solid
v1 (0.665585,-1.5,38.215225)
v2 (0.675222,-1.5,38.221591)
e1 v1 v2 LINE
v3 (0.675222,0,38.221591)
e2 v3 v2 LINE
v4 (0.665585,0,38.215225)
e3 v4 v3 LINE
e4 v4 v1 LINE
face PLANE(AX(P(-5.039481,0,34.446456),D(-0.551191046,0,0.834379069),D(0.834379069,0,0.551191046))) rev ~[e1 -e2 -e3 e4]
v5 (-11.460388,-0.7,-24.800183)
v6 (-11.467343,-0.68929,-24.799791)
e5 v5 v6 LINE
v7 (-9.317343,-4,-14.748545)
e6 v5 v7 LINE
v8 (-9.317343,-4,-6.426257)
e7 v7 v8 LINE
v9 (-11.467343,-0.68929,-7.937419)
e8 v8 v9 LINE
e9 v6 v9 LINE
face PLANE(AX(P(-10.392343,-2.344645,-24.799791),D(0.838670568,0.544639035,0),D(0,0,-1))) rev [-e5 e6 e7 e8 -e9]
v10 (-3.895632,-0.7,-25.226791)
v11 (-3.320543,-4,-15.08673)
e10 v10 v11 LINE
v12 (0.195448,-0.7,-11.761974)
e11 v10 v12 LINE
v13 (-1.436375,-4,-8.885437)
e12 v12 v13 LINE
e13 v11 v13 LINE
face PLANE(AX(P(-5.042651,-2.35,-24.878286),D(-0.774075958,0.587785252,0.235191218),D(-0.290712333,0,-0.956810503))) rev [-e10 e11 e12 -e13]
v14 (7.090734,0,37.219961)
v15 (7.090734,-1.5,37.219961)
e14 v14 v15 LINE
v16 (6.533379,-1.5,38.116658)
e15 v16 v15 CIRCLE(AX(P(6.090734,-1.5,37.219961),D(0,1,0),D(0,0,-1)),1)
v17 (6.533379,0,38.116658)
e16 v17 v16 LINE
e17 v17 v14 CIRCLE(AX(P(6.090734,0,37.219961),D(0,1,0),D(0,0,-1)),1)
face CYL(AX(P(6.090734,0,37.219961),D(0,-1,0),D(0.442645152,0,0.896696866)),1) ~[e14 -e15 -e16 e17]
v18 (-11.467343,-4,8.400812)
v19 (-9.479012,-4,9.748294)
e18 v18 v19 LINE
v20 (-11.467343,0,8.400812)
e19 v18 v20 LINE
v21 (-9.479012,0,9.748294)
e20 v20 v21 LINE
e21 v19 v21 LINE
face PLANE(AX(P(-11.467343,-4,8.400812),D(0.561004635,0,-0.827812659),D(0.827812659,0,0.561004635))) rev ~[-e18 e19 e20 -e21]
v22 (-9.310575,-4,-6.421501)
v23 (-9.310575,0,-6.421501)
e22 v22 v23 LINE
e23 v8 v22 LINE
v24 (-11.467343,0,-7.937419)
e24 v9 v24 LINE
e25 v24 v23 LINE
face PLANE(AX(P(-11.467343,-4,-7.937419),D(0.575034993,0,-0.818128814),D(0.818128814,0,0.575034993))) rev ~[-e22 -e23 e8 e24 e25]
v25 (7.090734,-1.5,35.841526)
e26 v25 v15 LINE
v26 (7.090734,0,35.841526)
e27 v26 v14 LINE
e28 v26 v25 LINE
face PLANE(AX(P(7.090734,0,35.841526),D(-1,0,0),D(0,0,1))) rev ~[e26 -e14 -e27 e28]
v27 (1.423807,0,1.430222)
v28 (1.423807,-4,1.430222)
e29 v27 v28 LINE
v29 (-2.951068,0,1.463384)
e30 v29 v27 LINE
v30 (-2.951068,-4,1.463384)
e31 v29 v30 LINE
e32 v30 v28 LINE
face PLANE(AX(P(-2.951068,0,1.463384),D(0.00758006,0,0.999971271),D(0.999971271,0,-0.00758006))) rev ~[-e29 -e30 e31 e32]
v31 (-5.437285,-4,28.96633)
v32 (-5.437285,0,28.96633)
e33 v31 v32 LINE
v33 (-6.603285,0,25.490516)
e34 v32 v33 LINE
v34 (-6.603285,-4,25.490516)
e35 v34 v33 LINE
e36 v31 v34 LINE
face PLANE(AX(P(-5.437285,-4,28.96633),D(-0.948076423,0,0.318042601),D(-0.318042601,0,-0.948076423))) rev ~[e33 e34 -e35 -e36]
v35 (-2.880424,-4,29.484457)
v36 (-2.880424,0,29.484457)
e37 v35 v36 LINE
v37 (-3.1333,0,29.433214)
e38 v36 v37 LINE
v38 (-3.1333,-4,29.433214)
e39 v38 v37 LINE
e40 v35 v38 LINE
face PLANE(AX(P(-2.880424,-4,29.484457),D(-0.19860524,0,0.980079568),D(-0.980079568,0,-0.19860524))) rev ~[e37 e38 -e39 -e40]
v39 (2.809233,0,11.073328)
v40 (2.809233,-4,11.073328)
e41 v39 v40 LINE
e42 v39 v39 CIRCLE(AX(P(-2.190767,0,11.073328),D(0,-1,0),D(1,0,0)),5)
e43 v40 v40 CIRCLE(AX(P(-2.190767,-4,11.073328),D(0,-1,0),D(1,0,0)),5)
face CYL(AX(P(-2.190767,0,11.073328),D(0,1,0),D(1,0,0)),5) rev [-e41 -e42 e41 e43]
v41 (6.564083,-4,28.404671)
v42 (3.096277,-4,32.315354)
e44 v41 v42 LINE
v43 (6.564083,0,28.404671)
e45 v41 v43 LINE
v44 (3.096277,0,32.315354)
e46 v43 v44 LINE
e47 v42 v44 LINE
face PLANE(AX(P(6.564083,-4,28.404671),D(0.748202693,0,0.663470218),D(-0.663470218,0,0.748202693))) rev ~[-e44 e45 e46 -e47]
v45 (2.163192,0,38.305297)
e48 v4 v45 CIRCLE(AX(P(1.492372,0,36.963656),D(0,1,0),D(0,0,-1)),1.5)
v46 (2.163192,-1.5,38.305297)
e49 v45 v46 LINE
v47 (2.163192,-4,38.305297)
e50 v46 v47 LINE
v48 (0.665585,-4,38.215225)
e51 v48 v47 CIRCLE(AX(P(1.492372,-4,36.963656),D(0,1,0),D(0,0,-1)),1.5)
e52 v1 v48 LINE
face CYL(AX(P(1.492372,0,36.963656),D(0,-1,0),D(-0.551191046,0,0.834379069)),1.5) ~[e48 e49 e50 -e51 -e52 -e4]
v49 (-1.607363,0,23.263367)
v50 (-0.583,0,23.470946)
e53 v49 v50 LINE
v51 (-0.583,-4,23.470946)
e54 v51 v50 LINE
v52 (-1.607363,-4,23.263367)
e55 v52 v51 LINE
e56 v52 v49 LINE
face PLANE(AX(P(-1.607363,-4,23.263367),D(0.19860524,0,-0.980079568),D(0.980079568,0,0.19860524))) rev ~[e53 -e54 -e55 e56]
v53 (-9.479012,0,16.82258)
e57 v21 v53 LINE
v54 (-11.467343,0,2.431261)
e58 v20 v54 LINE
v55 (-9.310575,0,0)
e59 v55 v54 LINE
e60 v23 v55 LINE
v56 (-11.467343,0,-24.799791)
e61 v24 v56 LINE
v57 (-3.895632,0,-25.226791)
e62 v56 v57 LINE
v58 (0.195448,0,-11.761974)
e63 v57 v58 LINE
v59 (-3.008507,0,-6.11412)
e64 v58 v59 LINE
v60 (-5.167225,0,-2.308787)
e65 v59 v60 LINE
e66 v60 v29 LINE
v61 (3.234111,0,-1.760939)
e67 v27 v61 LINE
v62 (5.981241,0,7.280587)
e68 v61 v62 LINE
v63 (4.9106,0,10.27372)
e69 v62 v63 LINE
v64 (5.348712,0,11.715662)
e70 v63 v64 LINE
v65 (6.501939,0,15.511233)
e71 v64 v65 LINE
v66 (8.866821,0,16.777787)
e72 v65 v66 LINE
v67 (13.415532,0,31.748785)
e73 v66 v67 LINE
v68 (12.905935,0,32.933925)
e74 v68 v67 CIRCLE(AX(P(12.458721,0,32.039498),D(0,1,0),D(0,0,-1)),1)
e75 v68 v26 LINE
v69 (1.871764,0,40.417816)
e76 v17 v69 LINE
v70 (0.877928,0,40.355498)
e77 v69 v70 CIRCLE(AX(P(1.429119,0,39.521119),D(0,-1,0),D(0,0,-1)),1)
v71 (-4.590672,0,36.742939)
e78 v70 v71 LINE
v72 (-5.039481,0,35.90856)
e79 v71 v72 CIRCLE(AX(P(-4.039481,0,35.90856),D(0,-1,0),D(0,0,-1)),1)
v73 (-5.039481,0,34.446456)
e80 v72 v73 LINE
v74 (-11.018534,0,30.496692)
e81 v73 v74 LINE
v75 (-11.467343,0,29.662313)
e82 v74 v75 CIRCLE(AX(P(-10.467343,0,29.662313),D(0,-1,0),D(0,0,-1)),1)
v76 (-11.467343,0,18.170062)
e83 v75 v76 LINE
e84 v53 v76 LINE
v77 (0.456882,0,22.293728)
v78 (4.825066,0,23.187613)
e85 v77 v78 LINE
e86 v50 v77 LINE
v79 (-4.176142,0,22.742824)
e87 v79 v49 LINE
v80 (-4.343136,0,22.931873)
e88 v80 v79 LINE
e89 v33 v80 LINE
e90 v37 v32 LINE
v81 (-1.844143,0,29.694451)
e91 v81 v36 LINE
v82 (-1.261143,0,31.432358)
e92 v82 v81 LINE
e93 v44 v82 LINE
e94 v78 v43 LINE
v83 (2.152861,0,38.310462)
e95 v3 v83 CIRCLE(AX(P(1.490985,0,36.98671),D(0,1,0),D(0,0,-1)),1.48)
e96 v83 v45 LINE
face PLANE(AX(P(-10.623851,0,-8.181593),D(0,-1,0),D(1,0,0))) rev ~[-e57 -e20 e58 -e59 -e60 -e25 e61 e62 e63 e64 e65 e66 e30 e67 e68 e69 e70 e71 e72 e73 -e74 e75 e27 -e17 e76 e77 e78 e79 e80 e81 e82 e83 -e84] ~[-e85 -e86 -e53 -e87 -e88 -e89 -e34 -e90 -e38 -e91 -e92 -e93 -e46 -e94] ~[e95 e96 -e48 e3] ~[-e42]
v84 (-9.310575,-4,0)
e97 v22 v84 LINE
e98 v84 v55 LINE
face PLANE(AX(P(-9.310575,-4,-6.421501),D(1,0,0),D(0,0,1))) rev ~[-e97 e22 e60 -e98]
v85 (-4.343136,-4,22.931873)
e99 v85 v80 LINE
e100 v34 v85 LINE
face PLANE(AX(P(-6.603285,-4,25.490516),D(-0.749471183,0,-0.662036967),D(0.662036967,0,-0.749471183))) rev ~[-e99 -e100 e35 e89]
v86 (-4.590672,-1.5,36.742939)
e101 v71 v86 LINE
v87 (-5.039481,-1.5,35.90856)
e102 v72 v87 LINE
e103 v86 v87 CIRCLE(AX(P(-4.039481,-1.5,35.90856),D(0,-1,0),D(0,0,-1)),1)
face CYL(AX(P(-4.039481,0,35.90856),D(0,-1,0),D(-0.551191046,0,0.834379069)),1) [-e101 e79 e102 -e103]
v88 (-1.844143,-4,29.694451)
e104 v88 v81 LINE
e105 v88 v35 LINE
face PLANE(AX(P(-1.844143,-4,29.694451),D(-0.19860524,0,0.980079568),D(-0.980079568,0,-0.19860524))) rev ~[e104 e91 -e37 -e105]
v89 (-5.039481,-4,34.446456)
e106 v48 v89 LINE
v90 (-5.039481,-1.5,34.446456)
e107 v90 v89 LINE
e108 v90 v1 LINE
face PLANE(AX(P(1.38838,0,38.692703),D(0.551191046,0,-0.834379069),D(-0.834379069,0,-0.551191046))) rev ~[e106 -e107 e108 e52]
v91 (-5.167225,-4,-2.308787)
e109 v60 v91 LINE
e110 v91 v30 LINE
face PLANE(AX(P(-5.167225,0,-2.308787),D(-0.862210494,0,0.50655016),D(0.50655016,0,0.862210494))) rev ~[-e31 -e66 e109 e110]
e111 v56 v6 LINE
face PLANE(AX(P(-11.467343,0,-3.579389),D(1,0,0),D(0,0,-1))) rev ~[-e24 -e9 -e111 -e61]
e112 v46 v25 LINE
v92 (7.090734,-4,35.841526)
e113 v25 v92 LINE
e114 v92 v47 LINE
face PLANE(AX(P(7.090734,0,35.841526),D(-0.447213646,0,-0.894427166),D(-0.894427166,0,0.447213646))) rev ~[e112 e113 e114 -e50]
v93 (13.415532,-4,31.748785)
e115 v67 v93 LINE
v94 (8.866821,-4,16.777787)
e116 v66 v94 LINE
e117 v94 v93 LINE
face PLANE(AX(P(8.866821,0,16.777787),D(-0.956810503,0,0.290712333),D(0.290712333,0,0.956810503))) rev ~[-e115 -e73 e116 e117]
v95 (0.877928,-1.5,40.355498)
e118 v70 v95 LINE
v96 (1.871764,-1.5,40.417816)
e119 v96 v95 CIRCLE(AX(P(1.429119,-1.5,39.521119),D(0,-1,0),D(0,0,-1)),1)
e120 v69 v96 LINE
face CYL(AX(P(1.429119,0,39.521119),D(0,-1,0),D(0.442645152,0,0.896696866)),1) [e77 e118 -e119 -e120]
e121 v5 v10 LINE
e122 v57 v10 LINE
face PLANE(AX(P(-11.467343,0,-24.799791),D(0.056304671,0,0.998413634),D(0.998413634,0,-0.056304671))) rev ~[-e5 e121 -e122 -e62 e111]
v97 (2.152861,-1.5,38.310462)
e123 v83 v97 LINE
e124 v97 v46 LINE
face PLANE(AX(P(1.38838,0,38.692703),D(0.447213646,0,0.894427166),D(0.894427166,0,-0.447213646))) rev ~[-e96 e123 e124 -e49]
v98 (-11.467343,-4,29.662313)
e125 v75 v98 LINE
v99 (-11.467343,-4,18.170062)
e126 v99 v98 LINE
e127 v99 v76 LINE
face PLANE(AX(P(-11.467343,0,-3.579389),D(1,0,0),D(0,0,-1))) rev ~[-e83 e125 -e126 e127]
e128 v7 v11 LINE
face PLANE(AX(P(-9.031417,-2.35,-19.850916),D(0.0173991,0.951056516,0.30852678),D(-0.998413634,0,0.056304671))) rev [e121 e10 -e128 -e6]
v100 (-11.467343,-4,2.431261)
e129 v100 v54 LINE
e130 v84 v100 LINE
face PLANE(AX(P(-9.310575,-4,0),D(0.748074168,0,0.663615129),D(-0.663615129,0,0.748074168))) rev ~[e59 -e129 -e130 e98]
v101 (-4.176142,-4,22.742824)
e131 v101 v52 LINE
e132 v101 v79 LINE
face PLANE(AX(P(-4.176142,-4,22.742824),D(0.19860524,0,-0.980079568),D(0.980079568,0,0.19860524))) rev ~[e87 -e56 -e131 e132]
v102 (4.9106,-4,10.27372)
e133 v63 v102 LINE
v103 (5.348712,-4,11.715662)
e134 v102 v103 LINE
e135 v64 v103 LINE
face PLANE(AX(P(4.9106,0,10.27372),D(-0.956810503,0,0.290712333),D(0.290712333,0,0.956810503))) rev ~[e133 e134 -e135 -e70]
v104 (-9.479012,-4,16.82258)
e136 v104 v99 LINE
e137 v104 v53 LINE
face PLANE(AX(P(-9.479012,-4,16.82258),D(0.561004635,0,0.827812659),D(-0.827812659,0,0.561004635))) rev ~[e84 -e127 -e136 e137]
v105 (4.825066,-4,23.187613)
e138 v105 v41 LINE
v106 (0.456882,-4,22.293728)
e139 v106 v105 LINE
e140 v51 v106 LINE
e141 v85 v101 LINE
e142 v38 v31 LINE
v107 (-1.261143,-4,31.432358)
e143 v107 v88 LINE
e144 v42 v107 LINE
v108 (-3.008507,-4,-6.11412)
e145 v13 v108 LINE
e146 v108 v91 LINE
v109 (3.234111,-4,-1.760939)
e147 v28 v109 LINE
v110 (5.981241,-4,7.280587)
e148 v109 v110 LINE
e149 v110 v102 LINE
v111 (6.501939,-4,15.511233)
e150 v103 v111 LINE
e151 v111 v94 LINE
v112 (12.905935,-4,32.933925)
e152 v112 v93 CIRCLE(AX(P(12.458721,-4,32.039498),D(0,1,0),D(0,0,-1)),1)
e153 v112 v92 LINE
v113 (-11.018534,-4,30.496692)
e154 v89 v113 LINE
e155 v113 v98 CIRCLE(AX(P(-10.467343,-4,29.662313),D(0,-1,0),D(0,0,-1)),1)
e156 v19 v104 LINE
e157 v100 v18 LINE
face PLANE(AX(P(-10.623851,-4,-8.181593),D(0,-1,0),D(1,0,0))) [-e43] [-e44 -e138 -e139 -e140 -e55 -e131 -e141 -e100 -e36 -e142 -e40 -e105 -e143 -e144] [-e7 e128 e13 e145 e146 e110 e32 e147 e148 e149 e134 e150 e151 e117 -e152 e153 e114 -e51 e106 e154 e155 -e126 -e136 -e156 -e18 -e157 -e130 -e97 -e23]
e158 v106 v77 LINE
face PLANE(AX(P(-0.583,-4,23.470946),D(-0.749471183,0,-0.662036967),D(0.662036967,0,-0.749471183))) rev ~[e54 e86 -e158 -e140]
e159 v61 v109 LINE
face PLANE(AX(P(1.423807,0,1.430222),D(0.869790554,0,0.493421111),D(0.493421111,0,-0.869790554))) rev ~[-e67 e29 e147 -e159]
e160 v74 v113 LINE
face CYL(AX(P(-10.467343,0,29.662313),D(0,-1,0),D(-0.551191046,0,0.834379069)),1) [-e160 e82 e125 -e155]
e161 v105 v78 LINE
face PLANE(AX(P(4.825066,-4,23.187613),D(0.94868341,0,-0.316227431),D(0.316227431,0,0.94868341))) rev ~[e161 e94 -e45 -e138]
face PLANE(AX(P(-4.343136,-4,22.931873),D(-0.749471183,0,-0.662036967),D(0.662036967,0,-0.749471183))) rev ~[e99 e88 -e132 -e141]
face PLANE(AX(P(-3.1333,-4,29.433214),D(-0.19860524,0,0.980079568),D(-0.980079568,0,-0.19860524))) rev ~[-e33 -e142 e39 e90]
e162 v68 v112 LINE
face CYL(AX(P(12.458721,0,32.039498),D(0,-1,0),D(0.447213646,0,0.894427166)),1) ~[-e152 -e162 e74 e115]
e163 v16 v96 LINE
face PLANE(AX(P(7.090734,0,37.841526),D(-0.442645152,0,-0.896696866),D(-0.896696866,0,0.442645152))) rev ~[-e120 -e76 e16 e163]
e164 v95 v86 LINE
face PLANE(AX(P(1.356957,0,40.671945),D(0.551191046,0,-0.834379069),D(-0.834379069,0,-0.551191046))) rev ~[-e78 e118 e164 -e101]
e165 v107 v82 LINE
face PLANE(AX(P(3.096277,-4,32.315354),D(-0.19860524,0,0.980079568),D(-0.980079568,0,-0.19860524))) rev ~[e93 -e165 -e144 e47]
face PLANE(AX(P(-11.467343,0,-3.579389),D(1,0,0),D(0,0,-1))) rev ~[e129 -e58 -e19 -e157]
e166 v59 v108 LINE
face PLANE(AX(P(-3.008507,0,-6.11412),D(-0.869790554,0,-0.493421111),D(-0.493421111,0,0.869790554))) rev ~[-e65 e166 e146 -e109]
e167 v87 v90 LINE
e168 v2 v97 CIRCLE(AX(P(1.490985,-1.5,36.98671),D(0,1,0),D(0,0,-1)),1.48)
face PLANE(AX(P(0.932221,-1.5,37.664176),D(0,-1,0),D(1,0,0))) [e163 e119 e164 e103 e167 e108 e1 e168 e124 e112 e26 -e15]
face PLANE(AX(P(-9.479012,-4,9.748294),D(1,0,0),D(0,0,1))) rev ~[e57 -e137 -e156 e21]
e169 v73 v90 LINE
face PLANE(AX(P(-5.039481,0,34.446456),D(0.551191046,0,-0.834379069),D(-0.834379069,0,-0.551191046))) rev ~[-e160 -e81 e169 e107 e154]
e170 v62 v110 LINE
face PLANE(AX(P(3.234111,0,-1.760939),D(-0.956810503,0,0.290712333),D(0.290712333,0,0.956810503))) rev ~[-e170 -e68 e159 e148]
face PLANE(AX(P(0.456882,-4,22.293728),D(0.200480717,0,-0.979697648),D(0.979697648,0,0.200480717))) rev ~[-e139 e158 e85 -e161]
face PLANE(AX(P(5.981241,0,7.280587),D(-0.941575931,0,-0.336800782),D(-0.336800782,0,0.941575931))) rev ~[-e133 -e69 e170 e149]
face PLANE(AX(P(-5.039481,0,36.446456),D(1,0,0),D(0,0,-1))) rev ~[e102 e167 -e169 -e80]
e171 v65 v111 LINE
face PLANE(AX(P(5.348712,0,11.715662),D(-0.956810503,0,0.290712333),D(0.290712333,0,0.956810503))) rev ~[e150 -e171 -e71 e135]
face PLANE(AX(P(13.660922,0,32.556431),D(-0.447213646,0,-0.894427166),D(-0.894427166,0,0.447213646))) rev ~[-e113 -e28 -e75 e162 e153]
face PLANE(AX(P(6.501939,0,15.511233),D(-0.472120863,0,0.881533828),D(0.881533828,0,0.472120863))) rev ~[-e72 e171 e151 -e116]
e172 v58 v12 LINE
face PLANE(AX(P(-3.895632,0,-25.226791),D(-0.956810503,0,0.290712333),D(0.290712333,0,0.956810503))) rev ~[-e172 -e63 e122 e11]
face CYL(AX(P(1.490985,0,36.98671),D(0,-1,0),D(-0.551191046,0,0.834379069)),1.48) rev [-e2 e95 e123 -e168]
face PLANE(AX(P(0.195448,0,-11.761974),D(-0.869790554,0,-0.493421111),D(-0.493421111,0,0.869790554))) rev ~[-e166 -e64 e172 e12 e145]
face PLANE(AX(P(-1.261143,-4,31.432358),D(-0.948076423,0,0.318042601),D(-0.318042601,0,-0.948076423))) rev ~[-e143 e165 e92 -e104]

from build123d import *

# Parameters (mm, degrees)
F0_R      = 5
F1_DEPTH  = 4
F3_R      = 1
F4_R      = 1.5
F5_DEPTH  = 1.5
F6_R      = 1.48
F7_R      = 1
F8_R      = 1
F9_DEPTH  = 4
F10_DEPTH = 4
F12_DEPTH = 25
F13_DEPTH = 25
F14_DEPTH = 25
F15_DEPTH = 25
F16_DEPTH = 25
F17_DEPTH = 25
F18_DEPTH = 25
F19_DEPTH = 25
F20_DEPTH = 25
F21_DEPTH = 25
F22_SIZE2 = 3.3107096722
F22_SIZE  = 2.15
F23_SIZE2 = 2.3975903424
F23_SIZE  = 3.3
F24_SIZE2 = 10.1563556727
F24_SIZE  = 3.3


with BuildPart() as f1:
    # F0 (on Front) → F1 (new body)
    with BuildSketch(Plane.XZ):
        Polygon((-5.0394813192, 34.4464560161), (-11.4673425455, 30.2002090896), (-11.4673425455, 14.3180689151), (-9.5205468137, 12.9544524784), (-9.5205468137, 5.9659214999), (-11.4673425455, 4.6023059945), (-11.4673425455, -3.5793893662), (-9.5205468137, -4.943005803), (-9.5205468137, -11.4201806177), (-11.4673425455, -12.7837961231), (-11.4673425455, -24.7997909104), (-3.8956315734, -25.2267909859), (0.1954483631, -11.7619743544), (-3.008507374, -6.1141202787), (-5.1672247355, -2.308786607), (-2.9510677868, 1.4633843035), (1.4238065236, 1.4302215424), (3.2341110933, -1.7609386613), (5.9812411675, 7.2805866294), (4.9106002387, 10.2737202031), (5.3487122304, 11.715661628), (6.5019388672, 15.5112328316), (8.8668211656, 16.7777869175), (13.660922366, 32.55643084), (7.090733743, 35.8415256189), (1.388379907, 38.6927029426), align=None)
        with Locations((-2.1907666232, 11.0733276233)):
            Circle(F0_R, mode=Mode.SUBTRACT)
    extrude(amount=F1_DEPTH)

    # F3
    f3_edges = [f1.edges().sort_by_distance(p)[0] for p in [
        (-11.467343, -2, 30.200209),
        (13.660922, -2, 32.556431),
    ]]
    fillet(f3_edges, radius=F3_R)

    # F4
    f4_edges = [f1.edges().sort_by_distance(p)[0] for p in [
        (1.38838, -2, 38.692703),
    ]]
    fillet(f4_edges, radius=F4_R)

    # F0 (on Front) → F5 (join)
    with BuildSketch(Plane.XZ):
        Polygon((-5.0394813192, 36.4464560161), (-5.0394813192, 34.4464560161), (1.388379907, 38.6927029426), (7.090733743, 35.8415256189), (7.090733743, 37.8415256189), (1.3569573109, 40.6719451668), align=None)
    extrude(amount=F5_DEPTH)

    # F6
    f6_edges = [f1.edges().sort_by_distance(p)[0] for p in [
        (1.38838, -0.75, 38.692703),
    ]]
    fillet(f6_edges, radius=F6_R)

    # F7
    f7_edges = [f1.edges().sort_by_distance(p)[0] for p in [
        (1.356957, -0.75, 40.671945),
    ]]
    fillet(f7_edges, radius=F7_R)

    # F8
    f8_edges = [f1.edges().sort_by_distance(p)[0] for p in [
        (7.090734, -0.75, 37.841526),
        (-5.039481, -0.75, 36.446456),
    ]]
    fillet(f8_edges, radius=F8_R)

    # F0 (on Front) → F9 (join)
    with BuildSketch(Plane.XZ):
        Polygon((-9.5205468137, 12.9544524784), (-11.4673425455, 14.3180689151), (-11.4673425455, 4.6023059945), (-9.5205468137, 5.9659214999), align=None)
    extrude(amount=F9_DEPTH)

    # F0 (on Front) → F10 (join)
    with BuildSketch(Plane.XZ):
        Polygon((-9.5205468137, -4.943005803), (-11.4673425455, -3.5793893662), (-11.4673425455, -12.7837961231), (-9.5205468137, -11.4201806177), align=None)
    extrude(amount=F10_DEPTH)

    # F11 (on face) → F12 (cut)
    with BuildSketch(Plane.XZ.offset(4)):
        Polygon((-11.4673425455, 18.1700624526), (-11.4673425455, 8.4008118138), (-9.4790116895, 9.7482940182), (-9.4790116895, 16.8225802481), align=None)
    extrude(amount=-F12_DEPTH, mode=Mode.SUBTRACT)

    # F11 (on face) → F13 (cut)
    with BuildSketch(Plane.XZ.offset(4)):
        Polygon((-11.4673425455, 2.4312612155), (-11.4673425455, -7.9374192283), (-9.3105754826, -6.4215008169), (-9.3105754826, 0), align=None)
    extrude(amount=-F13_DEPTH, mode=Mode.SUBTRACT)

    # F2 (on face) → F14 (cut)
    with BuildSketch(Plane.XZ.offset(4)):
        Polygon((4.8250659445, 23.1876130557), (6.5640832201, 28.4046710308), (3.0962773256, 32.3153540431), (-1.2611432737, 31.4323578126), (-1.8441430637, 29.694451147), (0.58299979, 26.9467592245), (-0.58299979, 23.4709458933), (0.456882035, 22.2937284557), align=None)
    extrude(amount=-F14_DEPTH, mode=Mode.SUBTRACT)

    # F2 (on face) → F15 (cut)
    with BuildSketch(Plane.XZ.offset(4)):
        Polygon((-4.3431362726, 22.9318731841), (-1.7787461332, 23.4566379151), (-4.2111435343, 26.1996793323), (-3.1332999575, 29.4332138733), (-5.4372854972, 28.9663297384), (-6.6032850771, 25.4905164073), align=None)
    extrude(amount=-F15_DEPTH, mode=Mode.SUBTRACT)

    # F2 (on face) → F16 (cut)
    with BuildSketch(Plane.XZ.offset(4)):
        Polygon((-3.0101426436, 26.2186378159), (-1.4476834802, 24.4498270447), (-0.6194012828, 26.9346765651), (-2.1796810883, 28.6942213364), align=None)
    extrude(amount=-F16_DEPTH, mode=Mode.SUBTRACT)

    # F2 (on face) → F17 (cut)
    with BuildSketch(Plane.XZ.offset(4)):
        Polygon((-1.7787461332, 23.4566379151), (-1.4476834802, 24.4498270447), (-3.0101426436, 26.2186378159), (-2.1796810883, 28.6942213364), (-2.8804242206, 29.4844571071), (-3.1332999575, 29.4332138733), (-4.2111435343, 26.1996793323), align=None)
    extrude(amount=-F17_DEPTH, mode=Mode.SUBTRACT)

    # F2 (on face) → F18 (cut)
    with BuildSketch(Plane.XZ.offset(4)):
        Polygon((-1.4476834802, 24.4498270447), (-0.58299979, 23.4709458933), (0.58299979, 26.9467592245), (-1.8441430637, 29.694451147), (-2.1796810883, 28.6942213364), (-0.6194012828, 26.9346765651), align=None)
    extrude(amount=-F18_DEPTH, mode=Mode.SUBTRACT)

    # F2 (on face) → F19 (cut)
    with BuildSketch(Plane.XZ.offset(4)):
        Polygon((-2.1796810883, 28.6942213364), (-1.8441430637, 29.694451147), (-2.8804242206, 29.4844571071), align=None)
    extrude(amount=-F19_DEPTH, mode=Mode.SUBTRACT)

    # F2 (on face) → F20 (cut)
    with BuildSketch(Plane.XZ.offset(4)):
        Polygon((-1.6073627495, 23.2633669802), (-0.58299979, 23.4709458933), (-1.4476834802, 24.4498270447), (-1.7787461332, 23.4566379151), align=None)
    extrude(amount=-F20_DEPTH, mode=Mode.SUBTRACT)

    # F2 (on face) → F21 (cut)
    with BuildSketch(Plane.XZ.offset(4)):
        Polygon((-4.1761422235, 22.7428244847), (-1.6073627495, 23.2633669802), (-1.7787461332, 23.4566379151), (-4.3431362726, 22.9318731841), align=None)
    extrude(amount=-F21_DEPTH, mode=Mode.SUBTRACT)

    # F22
    f22_edges = [f1.edges().sort_by_distance(p)[0] for p in [
        (-11.467343, -4, -16.368605),
    ]]
    chamfer(f22_edges, length=F22_SIZE, length2=F22_SIZE2)

    # F23
    f23_edges = [f1.edges().sort_by_distance(p)[0] for p in [
        (-1.850092, -4, -18.494383),
    ]]
    f23_side = f1.faces().sort_by_distance((-1.850092, -2, -18.494383))[0]
    chamfer(f23_edges, length=F23_SIZE, length2=F23_SIZE2, reference=f23_side)

    # F24
    f24_edges = [f1.edges().sort_by_distance(p)[0] for p in [
        (-7.838288, -4, -25.004448),
    ]]
    f24_side = f1.faces().sort_by_distance((-7.731254, -1.697794, -25.010484))[0]
    chamfer(f24_edges, length=F24_SIZE, length2=F24_SIZE2, reference=f24_side)


solid = f1.part
